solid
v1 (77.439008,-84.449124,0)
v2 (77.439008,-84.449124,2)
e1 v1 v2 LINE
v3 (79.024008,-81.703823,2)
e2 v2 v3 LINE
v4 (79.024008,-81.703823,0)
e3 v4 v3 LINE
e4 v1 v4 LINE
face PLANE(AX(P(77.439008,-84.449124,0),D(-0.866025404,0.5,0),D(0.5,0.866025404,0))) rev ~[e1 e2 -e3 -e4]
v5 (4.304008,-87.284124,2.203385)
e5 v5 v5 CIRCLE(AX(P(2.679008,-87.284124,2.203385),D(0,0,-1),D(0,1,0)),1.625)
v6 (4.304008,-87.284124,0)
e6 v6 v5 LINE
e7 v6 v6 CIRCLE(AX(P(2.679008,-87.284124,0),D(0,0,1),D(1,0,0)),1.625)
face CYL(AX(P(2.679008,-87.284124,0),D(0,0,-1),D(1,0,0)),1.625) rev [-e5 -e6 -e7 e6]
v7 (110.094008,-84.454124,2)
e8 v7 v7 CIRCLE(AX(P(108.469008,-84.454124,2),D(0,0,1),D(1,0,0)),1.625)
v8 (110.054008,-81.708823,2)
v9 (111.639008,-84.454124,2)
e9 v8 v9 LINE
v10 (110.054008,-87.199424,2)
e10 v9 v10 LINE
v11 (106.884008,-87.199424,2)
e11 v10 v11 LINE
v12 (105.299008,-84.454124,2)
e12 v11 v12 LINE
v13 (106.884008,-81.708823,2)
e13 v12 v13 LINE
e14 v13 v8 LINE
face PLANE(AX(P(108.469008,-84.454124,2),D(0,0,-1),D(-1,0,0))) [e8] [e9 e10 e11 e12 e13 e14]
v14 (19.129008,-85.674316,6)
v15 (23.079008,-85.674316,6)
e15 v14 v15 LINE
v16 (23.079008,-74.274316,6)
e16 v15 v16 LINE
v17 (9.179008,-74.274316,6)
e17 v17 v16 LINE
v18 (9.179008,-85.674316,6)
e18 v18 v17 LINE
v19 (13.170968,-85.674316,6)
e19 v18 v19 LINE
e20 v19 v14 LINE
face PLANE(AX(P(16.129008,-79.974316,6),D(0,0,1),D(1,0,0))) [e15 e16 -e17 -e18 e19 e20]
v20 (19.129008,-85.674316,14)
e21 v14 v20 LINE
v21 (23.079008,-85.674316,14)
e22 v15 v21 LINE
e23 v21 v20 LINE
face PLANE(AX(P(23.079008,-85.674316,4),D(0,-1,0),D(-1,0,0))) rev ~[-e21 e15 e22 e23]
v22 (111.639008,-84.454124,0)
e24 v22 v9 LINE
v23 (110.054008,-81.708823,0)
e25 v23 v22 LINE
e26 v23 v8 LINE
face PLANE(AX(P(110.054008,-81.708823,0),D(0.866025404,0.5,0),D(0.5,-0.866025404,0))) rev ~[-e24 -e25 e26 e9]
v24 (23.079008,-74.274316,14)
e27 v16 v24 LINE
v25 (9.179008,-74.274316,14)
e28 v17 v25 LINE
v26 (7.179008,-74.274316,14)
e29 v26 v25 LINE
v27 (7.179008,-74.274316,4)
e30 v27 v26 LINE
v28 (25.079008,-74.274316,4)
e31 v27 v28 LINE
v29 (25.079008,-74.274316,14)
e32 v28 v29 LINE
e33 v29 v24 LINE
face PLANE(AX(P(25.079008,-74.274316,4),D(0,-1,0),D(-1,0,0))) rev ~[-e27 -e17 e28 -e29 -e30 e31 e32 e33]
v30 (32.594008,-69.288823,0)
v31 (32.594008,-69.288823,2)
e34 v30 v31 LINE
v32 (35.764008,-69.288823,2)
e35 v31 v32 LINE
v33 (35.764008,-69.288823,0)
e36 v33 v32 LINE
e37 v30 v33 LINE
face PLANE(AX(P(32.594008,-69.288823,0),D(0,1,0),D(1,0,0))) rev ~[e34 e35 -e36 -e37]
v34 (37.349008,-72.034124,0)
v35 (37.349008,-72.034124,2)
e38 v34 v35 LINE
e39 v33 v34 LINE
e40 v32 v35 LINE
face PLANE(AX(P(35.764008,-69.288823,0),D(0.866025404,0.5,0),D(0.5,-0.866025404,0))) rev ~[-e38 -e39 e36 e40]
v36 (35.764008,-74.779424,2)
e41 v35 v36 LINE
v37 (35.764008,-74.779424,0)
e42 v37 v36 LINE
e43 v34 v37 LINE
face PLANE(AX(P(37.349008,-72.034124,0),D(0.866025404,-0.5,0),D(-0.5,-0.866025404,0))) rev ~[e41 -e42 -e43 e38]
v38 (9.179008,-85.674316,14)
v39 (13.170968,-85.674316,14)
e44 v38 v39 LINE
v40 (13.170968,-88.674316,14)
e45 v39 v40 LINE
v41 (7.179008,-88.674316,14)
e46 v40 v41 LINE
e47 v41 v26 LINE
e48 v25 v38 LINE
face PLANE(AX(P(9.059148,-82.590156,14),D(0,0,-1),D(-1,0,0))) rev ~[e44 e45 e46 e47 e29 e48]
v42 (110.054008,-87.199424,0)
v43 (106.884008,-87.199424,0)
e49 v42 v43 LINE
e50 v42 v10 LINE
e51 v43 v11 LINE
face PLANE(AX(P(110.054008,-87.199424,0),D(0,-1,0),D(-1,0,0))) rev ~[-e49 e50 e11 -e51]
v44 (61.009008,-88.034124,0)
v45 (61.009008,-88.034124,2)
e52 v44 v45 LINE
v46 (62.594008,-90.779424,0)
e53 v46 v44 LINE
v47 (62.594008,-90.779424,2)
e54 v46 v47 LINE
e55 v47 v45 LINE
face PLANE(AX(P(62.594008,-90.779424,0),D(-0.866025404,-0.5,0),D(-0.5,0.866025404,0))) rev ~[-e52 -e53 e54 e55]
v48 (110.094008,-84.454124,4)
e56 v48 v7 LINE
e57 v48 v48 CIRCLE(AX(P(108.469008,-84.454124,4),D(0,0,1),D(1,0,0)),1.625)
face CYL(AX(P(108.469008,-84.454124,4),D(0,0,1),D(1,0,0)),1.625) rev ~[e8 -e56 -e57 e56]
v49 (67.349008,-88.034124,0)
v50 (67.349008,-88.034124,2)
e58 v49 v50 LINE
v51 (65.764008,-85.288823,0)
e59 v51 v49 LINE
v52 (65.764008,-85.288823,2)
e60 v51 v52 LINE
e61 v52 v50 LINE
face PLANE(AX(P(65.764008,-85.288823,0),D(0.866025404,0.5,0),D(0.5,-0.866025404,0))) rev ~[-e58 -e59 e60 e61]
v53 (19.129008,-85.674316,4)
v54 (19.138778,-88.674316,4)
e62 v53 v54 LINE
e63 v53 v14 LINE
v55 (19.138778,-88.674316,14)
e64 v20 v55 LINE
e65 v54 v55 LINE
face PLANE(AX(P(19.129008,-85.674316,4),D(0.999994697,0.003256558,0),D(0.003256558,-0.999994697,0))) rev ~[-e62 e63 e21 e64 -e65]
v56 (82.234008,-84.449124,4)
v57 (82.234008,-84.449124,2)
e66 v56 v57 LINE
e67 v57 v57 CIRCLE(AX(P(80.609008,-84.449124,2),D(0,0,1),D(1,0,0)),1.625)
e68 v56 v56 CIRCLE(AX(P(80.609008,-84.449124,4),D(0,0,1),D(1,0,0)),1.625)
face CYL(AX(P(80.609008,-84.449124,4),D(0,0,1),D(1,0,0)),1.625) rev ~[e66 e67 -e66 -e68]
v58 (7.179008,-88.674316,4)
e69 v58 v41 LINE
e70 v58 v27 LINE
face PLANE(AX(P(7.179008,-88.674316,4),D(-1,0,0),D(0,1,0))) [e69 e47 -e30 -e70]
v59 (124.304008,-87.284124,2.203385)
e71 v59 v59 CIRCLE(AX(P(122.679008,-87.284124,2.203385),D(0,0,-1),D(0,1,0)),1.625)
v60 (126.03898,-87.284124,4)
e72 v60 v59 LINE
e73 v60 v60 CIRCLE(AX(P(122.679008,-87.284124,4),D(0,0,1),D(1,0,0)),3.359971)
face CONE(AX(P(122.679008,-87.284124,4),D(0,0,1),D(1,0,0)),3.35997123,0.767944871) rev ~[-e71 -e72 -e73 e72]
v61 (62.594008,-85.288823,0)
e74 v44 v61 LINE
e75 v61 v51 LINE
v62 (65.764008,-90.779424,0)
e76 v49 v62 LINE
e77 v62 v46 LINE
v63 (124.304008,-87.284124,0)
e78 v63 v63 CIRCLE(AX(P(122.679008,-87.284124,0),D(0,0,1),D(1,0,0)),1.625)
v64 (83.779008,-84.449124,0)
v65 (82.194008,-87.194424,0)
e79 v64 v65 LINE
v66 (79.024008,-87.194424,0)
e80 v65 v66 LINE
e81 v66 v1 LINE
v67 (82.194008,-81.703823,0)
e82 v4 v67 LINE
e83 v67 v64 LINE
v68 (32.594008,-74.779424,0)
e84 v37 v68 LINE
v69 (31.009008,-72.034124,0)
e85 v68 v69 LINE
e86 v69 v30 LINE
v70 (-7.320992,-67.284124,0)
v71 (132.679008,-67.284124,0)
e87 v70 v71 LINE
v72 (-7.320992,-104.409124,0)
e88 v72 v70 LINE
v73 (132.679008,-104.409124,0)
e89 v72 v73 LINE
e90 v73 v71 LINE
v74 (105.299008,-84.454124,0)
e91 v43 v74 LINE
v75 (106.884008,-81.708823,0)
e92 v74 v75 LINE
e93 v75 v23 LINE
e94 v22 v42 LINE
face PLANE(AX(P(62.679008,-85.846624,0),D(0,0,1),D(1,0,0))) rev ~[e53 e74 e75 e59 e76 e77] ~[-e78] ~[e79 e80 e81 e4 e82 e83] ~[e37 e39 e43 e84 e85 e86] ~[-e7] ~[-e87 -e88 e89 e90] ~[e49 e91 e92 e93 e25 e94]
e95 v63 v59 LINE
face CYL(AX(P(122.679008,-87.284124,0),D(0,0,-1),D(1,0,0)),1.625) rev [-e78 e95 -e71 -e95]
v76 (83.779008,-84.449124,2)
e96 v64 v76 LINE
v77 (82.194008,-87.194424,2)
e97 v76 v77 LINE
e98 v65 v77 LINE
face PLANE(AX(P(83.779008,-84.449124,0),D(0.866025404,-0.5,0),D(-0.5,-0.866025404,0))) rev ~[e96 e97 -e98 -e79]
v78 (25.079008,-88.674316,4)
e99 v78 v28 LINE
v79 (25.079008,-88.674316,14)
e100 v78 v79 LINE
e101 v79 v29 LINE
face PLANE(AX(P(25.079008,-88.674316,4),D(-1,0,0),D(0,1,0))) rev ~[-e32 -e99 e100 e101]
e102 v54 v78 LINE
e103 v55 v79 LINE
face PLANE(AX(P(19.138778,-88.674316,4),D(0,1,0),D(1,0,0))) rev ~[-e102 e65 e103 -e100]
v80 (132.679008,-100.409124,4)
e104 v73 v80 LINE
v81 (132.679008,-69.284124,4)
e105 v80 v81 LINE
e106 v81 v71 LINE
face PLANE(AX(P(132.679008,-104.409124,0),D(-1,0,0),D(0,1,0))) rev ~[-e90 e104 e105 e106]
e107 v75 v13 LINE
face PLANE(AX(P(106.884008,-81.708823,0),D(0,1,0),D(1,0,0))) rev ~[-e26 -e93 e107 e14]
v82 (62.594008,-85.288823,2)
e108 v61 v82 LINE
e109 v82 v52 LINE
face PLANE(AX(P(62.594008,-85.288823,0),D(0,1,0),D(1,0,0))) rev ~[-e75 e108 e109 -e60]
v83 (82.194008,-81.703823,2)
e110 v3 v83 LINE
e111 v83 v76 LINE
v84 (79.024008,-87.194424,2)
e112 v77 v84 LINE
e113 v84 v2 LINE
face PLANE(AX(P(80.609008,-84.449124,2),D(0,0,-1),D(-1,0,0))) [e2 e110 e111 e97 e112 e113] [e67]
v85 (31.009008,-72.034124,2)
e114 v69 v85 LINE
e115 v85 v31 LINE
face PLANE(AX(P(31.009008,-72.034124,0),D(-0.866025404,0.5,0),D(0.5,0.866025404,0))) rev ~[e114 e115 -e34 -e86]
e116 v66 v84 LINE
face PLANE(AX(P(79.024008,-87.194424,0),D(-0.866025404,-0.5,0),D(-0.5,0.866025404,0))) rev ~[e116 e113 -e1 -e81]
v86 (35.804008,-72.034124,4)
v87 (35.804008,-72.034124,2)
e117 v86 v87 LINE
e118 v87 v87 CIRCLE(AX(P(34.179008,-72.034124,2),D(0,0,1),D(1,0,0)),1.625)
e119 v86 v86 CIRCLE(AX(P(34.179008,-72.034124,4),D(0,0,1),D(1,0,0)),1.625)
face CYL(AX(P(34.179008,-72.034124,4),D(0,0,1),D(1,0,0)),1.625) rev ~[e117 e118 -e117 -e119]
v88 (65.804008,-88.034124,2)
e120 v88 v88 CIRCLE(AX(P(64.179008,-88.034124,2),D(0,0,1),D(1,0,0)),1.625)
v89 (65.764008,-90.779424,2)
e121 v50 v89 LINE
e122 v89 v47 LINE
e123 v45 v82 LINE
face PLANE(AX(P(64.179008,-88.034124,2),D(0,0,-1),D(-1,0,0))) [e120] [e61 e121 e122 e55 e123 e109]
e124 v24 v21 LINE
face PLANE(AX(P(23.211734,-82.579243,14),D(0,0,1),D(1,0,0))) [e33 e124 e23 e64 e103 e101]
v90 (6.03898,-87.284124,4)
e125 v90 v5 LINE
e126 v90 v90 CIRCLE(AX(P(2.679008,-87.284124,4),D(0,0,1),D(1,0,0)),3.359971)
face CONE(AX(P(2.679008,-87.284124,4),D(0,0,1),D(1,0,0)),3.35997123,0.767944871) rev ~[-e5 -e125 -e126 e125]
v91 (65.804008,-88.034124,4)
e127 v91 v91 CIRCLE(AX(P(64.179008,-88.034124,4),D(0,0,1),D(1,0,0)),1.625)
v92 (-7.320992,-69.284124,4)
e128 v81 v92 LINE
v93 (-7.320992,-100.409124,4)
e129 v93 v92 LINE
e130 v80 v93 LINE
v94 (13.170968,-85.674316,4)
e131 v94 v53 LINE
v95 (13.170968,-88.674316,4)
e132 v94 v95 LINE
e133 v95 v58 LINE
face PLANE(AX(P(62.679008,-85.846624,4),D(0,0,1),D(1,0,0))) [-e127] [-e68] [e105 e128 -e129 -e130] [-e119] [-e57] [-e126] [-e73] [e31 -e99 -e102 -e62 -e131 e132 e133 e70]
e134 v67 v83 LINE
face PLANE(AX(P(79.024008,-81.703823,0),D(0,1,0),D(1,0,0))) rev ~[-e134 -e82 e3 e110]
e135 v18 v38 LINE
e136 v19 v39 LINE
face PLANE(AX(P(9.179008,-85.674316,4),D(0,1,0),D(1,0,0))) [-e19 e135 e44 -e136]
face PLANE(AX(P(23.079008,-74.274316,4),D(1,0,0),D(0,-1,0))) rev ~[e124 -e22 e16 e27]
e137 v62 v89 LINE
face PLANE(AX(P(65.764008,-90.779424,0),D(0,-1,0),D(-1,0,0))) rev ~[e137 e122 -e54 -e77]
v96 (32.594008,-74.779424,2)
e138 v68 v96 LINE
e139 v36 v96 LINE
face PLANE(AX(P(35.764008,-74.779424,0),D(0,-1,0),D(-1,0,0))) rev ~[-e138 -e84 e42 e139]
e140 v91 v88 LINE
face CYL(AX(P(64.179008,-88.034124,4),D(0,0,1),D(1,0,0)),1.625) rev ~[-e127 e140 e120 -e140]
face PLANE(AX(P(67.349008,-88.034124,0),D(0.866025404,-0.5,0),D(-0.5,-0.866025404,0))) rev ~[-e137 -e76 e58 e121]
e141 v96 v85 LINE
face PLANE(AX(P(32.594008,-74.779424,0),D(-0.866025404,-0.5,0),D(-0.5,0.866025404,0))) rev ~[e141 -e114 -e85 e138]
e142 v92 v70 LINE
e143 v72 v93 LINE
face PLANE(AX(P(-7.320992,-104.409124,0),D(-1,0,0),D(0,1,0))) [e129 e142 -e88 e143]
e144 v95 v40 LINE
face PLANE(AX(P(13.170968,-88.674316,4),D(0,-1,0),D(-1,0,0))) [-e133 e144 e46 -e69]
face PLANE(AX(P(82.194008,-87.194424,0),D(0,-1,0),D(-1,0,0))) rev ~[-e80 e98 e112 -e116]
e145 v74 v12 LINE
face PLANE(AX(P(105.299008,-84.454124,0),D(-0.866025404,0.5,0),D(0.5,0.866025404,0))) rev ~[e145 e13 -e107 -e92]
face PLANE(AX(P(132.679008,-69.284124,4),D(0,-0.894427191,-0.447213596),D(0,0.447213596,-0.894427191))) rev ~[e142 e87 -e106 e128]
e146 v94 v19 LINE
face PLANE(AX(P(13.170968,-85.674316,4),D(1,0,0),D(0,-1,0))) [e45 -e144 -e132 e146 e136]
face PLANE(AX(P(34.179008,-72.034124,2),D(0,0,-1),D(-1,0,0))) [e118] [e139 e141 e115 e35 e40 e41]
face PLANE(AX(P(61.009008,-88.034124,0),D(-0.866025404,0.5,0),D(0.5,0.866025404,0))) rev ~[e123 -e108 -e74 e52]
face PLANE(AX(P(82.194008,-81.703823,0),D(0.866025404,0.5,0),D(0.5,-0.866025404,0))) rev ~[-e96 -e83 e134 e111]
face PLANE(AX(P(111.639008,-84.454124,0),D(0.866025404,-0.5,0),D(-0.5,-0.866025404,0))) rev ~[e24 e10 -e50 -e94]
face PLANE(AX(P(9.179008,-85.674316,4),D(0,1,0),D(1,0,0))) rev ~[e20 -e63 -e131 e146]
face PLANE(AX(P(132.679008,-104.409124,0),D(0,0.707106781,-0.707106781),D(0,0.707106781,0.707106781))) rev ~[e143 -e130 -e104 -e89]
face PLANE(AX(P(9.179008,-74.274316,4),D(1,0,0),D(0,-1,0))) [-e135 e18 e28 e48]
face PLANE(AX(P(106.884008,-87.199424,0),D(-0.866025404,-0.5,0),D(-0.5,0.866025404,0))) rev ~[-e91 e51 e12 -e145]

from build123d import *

# Parameters (mm, degrees)
CROQUIS1_W                      = 140
CROQUIS1_H                      = 37.125
CROQUIS1_R                      = 1.625
SALIENTE_EXTRUIR1_DEPTH         = 4
CROQUIS2_R                      = 3.35997123
CORTAR_EXTRUIR1_DEPTH           = 1.8
CORTAR_EXTRUIR1_DRAFT           = -44
CORTAR_EXTRUIR1_PROFILE_2_DEPTH = 1.8
CORTAR_EXTRUIR1_PROFILE_2_DRAFT = -44
CROQUIS3_R                      = 1.625
CORTAR_EXTRUIR2_DEPTH           = 4
SALIENTE_EXTRUIR2_DEPTH         = 10
CROQUIS6_W                      = 13.9
CROQUIS6_H                      = 11.4
SALIENTE_EXTRUIR4_DEPTH         = 2
CORTAR_EXTRUIR3_DEPTH           = 2
CORTAR_EXTRUIR4_START           = -140
CORTAR_EXTRUIR4_DEPTH           = 140


with BuildPart() as part:
    # Croquis1 → Saliente-Extruir1 (new body)
    with BuildSketch(Plane.XY):
        with Locations((62.679008317, -85.846623552)):
            Rectangle(CROQUIS1_W, CROQUIS1_H)
        with Locations((122.679008317, -87.284123552)):
            Circle(CROQUIS1_R, mode=Mode.SUBTRACT)
        with Locations((2.679008317, -87.284123552)):
            Circle(CROQUIS1_R, mode=Mode.SUBTRACT)
    extrude(amount=SALIENTE_EXTRUIR1_DEPTH)


with BuildPart() as cortar_extruir1_tool:
    # Croquis2 → Cortar-Extruir1 (with draft: the straight prism first)
    with BuildSketch(Plane.XY.offset(4)):
        with Locations((2.679008317, -87.284123552)):
            Circle(CROQUIS2_R)
    extrude(amount=-CORTAR_EXTRUIR1_DEPTH)
    # Cortar-Extruir1: the draft: its side faces are tilted about the plane it starts from
    cortar_extruir1_sides = [cortar_extruir1_tool.faces().sort_by_distance(p)[0] for p in [
        (-0.680962913, -87.284123552, 3.1),
    ]]
    draft(cortar_extruir1_sides, Plane.XY.offset(4), CORTAR_EXTRUIR1_DRAFT)


with BuildPart() as part_1:
    add(part.part)

    # Cortar-Extruir1: cut by cortar_extruir1_tool
    add(cortar_extruir1_tool.part, mode=Mode.SUBTRACT)


with BuildPart() as cortar_extruir1_profile_2_tool:
    # Croquis2 → Cortar-Extruir1 profile 2 (with draft: the straight prism first)
    with BuildSketch(Plane.XY.offset(4)):
        with Locations((122.679008317, -87.284123552)):
            Circle(CROQUIS2_R)
    extrude(amount=-CORTAR_EXTRUIR1_PROFILE_2_DEPTH)
    # Cortar-Extruir1 profile 2: the draft: its side faces are tilted about the plane it starts from
    cortar_extruir1_profile_2_sides = [cortar_extruir1_profile_2_tool.faces().sort_by_distance(p)[0] for p in [
        (119.319037087, -87.284123552, 3.1),
    ]]
    draft(cortar_extruir1_profile_2_sides, Plane.XY.offset(4), CORTAR_EXTRUIR1_PROFILE_2_DRAFT)


with BuildPart() as part_2:
    add(part_1.part)

    # Cortar-Extruir1 profile 2: cut by cortar_extruir1_profile_2_tool
    add(cortar_extruir1_profile_2_tool.part, mode=Mode.SUBTRACT)

    # Croquis3 → Cortar-Extruir2 (cut)
    with BuildSketch(Plane.XY.offset(4)):
        with Locations((80.609008317, -84.449123552)):
            Circle(CROQUIS3_R)
        with Locations((108.469008317, -84.454123552)):
            Circle(CROQUIS3_R)
        with Locations((34.179008317, -72.034123552)):
            Circle(CROQUIS3_R)
        with Locations((64.179008317, -88.034123552)):
            Circle(CROQUIS3_R)
    extrude(amount=-CORTAR_EXTRUIR2_DEPTH, mode=Mode.SUBTRACT)

    # Croquis4 → Saliente-Extruir2 (add)
    with BuildSketch(Plane.XY.offset(4)):
        Polygon((13.170968426, -85.674315594), (13.170968426, -88.674315594), (7.179008317, -88.674315594), (7.179008317, -74.274315594), (9.179008317, -74.274315594), (9.179008317, -85.674315594), align=None)
        Polygon((19.129008317, -85.674315594), (19.138778044, -88.674315594), (25.079008317, -88.674315594), (25.079008317, -74.274315594), (23.079008317, -74.274315594), (23.079008317, -85.674315594), align=None)
    extrude(amount=SALIENTE_EXTRUIR2_DEPTH)

    # Croquis6 → Saliente-Extruir4 (add)
    with BuildSketch(Plane.XY.offset(4)):
        with Locations((16.129008317, -79.974315594)):
            Rectangle(CROQUIS6_W, CROQUIS6_H)
    extrude(amount=SALIENTE_EXTRUIR4_DEPTH)

    # Croquis8 → Cortar-Extruir3 (cut)
    with BuildSketch(Plane(origin=(0, 0, 0), x_dir=(-1, 0, 0), z_dir=(0, 0, -1))):
        Polygon((-105.299008317, -84.454123552), (-106.884008317, -81.708823022), (-110.054008317, -81.708823022), (-111.639008317, -84.454123552), (-110.054008317, -87.199424082), (-106.884008317, -87.199424082), align=None)
        Polygon((-61.009008317, -88.034123552), (-62.594008317, -85.288823022), (-65.764008317, -85.288823022), (-67.349008317, -88.034123552), (-65.764008317, -90.779424082), (-62.594008317, -90.779424082), align=None)
        Polygon((-77.439008317, -84.449123552), (-79.024008317, -81.703823022), (-82.194008317, -81.703823022), (-83.779008317, -84.449123552), (-82.194008317, -87.194424082), (-79.024008317, -87.194424082), align=None)
        Polygon((-31.009008317, -72.034123552), (-32.594008317, -69.288823022), (-35.764008317, -69.288823022), (-37.349008317, -72.034123552), (-35.764008317, -74.779424082), (-32.594008317, -74.779424082), align=None)
    extrude(amount=-CORTAR_EXTRUIR3_DEPTH, mode=Mode.SUBTRACT)

    # Croquis9 → Cortar-Extruir4 (cut)
    with BuildSketch(Plane.ZY.offset(7.320991683).offset(CORTAR_EXTRUIR4_START)):
        Polygon((4, -104.409123552), (0, -104.409123552), (4, -100.409123552), align=None)
        Polygon((0, -67.284123552), (4, -67.284123552), (4, -69.284123552), align=None)
    extrude(amount=CORTAR_EXTRUIR4_DEPTH, mode=Mode.SUBTRACT)


solid = part_2.part
